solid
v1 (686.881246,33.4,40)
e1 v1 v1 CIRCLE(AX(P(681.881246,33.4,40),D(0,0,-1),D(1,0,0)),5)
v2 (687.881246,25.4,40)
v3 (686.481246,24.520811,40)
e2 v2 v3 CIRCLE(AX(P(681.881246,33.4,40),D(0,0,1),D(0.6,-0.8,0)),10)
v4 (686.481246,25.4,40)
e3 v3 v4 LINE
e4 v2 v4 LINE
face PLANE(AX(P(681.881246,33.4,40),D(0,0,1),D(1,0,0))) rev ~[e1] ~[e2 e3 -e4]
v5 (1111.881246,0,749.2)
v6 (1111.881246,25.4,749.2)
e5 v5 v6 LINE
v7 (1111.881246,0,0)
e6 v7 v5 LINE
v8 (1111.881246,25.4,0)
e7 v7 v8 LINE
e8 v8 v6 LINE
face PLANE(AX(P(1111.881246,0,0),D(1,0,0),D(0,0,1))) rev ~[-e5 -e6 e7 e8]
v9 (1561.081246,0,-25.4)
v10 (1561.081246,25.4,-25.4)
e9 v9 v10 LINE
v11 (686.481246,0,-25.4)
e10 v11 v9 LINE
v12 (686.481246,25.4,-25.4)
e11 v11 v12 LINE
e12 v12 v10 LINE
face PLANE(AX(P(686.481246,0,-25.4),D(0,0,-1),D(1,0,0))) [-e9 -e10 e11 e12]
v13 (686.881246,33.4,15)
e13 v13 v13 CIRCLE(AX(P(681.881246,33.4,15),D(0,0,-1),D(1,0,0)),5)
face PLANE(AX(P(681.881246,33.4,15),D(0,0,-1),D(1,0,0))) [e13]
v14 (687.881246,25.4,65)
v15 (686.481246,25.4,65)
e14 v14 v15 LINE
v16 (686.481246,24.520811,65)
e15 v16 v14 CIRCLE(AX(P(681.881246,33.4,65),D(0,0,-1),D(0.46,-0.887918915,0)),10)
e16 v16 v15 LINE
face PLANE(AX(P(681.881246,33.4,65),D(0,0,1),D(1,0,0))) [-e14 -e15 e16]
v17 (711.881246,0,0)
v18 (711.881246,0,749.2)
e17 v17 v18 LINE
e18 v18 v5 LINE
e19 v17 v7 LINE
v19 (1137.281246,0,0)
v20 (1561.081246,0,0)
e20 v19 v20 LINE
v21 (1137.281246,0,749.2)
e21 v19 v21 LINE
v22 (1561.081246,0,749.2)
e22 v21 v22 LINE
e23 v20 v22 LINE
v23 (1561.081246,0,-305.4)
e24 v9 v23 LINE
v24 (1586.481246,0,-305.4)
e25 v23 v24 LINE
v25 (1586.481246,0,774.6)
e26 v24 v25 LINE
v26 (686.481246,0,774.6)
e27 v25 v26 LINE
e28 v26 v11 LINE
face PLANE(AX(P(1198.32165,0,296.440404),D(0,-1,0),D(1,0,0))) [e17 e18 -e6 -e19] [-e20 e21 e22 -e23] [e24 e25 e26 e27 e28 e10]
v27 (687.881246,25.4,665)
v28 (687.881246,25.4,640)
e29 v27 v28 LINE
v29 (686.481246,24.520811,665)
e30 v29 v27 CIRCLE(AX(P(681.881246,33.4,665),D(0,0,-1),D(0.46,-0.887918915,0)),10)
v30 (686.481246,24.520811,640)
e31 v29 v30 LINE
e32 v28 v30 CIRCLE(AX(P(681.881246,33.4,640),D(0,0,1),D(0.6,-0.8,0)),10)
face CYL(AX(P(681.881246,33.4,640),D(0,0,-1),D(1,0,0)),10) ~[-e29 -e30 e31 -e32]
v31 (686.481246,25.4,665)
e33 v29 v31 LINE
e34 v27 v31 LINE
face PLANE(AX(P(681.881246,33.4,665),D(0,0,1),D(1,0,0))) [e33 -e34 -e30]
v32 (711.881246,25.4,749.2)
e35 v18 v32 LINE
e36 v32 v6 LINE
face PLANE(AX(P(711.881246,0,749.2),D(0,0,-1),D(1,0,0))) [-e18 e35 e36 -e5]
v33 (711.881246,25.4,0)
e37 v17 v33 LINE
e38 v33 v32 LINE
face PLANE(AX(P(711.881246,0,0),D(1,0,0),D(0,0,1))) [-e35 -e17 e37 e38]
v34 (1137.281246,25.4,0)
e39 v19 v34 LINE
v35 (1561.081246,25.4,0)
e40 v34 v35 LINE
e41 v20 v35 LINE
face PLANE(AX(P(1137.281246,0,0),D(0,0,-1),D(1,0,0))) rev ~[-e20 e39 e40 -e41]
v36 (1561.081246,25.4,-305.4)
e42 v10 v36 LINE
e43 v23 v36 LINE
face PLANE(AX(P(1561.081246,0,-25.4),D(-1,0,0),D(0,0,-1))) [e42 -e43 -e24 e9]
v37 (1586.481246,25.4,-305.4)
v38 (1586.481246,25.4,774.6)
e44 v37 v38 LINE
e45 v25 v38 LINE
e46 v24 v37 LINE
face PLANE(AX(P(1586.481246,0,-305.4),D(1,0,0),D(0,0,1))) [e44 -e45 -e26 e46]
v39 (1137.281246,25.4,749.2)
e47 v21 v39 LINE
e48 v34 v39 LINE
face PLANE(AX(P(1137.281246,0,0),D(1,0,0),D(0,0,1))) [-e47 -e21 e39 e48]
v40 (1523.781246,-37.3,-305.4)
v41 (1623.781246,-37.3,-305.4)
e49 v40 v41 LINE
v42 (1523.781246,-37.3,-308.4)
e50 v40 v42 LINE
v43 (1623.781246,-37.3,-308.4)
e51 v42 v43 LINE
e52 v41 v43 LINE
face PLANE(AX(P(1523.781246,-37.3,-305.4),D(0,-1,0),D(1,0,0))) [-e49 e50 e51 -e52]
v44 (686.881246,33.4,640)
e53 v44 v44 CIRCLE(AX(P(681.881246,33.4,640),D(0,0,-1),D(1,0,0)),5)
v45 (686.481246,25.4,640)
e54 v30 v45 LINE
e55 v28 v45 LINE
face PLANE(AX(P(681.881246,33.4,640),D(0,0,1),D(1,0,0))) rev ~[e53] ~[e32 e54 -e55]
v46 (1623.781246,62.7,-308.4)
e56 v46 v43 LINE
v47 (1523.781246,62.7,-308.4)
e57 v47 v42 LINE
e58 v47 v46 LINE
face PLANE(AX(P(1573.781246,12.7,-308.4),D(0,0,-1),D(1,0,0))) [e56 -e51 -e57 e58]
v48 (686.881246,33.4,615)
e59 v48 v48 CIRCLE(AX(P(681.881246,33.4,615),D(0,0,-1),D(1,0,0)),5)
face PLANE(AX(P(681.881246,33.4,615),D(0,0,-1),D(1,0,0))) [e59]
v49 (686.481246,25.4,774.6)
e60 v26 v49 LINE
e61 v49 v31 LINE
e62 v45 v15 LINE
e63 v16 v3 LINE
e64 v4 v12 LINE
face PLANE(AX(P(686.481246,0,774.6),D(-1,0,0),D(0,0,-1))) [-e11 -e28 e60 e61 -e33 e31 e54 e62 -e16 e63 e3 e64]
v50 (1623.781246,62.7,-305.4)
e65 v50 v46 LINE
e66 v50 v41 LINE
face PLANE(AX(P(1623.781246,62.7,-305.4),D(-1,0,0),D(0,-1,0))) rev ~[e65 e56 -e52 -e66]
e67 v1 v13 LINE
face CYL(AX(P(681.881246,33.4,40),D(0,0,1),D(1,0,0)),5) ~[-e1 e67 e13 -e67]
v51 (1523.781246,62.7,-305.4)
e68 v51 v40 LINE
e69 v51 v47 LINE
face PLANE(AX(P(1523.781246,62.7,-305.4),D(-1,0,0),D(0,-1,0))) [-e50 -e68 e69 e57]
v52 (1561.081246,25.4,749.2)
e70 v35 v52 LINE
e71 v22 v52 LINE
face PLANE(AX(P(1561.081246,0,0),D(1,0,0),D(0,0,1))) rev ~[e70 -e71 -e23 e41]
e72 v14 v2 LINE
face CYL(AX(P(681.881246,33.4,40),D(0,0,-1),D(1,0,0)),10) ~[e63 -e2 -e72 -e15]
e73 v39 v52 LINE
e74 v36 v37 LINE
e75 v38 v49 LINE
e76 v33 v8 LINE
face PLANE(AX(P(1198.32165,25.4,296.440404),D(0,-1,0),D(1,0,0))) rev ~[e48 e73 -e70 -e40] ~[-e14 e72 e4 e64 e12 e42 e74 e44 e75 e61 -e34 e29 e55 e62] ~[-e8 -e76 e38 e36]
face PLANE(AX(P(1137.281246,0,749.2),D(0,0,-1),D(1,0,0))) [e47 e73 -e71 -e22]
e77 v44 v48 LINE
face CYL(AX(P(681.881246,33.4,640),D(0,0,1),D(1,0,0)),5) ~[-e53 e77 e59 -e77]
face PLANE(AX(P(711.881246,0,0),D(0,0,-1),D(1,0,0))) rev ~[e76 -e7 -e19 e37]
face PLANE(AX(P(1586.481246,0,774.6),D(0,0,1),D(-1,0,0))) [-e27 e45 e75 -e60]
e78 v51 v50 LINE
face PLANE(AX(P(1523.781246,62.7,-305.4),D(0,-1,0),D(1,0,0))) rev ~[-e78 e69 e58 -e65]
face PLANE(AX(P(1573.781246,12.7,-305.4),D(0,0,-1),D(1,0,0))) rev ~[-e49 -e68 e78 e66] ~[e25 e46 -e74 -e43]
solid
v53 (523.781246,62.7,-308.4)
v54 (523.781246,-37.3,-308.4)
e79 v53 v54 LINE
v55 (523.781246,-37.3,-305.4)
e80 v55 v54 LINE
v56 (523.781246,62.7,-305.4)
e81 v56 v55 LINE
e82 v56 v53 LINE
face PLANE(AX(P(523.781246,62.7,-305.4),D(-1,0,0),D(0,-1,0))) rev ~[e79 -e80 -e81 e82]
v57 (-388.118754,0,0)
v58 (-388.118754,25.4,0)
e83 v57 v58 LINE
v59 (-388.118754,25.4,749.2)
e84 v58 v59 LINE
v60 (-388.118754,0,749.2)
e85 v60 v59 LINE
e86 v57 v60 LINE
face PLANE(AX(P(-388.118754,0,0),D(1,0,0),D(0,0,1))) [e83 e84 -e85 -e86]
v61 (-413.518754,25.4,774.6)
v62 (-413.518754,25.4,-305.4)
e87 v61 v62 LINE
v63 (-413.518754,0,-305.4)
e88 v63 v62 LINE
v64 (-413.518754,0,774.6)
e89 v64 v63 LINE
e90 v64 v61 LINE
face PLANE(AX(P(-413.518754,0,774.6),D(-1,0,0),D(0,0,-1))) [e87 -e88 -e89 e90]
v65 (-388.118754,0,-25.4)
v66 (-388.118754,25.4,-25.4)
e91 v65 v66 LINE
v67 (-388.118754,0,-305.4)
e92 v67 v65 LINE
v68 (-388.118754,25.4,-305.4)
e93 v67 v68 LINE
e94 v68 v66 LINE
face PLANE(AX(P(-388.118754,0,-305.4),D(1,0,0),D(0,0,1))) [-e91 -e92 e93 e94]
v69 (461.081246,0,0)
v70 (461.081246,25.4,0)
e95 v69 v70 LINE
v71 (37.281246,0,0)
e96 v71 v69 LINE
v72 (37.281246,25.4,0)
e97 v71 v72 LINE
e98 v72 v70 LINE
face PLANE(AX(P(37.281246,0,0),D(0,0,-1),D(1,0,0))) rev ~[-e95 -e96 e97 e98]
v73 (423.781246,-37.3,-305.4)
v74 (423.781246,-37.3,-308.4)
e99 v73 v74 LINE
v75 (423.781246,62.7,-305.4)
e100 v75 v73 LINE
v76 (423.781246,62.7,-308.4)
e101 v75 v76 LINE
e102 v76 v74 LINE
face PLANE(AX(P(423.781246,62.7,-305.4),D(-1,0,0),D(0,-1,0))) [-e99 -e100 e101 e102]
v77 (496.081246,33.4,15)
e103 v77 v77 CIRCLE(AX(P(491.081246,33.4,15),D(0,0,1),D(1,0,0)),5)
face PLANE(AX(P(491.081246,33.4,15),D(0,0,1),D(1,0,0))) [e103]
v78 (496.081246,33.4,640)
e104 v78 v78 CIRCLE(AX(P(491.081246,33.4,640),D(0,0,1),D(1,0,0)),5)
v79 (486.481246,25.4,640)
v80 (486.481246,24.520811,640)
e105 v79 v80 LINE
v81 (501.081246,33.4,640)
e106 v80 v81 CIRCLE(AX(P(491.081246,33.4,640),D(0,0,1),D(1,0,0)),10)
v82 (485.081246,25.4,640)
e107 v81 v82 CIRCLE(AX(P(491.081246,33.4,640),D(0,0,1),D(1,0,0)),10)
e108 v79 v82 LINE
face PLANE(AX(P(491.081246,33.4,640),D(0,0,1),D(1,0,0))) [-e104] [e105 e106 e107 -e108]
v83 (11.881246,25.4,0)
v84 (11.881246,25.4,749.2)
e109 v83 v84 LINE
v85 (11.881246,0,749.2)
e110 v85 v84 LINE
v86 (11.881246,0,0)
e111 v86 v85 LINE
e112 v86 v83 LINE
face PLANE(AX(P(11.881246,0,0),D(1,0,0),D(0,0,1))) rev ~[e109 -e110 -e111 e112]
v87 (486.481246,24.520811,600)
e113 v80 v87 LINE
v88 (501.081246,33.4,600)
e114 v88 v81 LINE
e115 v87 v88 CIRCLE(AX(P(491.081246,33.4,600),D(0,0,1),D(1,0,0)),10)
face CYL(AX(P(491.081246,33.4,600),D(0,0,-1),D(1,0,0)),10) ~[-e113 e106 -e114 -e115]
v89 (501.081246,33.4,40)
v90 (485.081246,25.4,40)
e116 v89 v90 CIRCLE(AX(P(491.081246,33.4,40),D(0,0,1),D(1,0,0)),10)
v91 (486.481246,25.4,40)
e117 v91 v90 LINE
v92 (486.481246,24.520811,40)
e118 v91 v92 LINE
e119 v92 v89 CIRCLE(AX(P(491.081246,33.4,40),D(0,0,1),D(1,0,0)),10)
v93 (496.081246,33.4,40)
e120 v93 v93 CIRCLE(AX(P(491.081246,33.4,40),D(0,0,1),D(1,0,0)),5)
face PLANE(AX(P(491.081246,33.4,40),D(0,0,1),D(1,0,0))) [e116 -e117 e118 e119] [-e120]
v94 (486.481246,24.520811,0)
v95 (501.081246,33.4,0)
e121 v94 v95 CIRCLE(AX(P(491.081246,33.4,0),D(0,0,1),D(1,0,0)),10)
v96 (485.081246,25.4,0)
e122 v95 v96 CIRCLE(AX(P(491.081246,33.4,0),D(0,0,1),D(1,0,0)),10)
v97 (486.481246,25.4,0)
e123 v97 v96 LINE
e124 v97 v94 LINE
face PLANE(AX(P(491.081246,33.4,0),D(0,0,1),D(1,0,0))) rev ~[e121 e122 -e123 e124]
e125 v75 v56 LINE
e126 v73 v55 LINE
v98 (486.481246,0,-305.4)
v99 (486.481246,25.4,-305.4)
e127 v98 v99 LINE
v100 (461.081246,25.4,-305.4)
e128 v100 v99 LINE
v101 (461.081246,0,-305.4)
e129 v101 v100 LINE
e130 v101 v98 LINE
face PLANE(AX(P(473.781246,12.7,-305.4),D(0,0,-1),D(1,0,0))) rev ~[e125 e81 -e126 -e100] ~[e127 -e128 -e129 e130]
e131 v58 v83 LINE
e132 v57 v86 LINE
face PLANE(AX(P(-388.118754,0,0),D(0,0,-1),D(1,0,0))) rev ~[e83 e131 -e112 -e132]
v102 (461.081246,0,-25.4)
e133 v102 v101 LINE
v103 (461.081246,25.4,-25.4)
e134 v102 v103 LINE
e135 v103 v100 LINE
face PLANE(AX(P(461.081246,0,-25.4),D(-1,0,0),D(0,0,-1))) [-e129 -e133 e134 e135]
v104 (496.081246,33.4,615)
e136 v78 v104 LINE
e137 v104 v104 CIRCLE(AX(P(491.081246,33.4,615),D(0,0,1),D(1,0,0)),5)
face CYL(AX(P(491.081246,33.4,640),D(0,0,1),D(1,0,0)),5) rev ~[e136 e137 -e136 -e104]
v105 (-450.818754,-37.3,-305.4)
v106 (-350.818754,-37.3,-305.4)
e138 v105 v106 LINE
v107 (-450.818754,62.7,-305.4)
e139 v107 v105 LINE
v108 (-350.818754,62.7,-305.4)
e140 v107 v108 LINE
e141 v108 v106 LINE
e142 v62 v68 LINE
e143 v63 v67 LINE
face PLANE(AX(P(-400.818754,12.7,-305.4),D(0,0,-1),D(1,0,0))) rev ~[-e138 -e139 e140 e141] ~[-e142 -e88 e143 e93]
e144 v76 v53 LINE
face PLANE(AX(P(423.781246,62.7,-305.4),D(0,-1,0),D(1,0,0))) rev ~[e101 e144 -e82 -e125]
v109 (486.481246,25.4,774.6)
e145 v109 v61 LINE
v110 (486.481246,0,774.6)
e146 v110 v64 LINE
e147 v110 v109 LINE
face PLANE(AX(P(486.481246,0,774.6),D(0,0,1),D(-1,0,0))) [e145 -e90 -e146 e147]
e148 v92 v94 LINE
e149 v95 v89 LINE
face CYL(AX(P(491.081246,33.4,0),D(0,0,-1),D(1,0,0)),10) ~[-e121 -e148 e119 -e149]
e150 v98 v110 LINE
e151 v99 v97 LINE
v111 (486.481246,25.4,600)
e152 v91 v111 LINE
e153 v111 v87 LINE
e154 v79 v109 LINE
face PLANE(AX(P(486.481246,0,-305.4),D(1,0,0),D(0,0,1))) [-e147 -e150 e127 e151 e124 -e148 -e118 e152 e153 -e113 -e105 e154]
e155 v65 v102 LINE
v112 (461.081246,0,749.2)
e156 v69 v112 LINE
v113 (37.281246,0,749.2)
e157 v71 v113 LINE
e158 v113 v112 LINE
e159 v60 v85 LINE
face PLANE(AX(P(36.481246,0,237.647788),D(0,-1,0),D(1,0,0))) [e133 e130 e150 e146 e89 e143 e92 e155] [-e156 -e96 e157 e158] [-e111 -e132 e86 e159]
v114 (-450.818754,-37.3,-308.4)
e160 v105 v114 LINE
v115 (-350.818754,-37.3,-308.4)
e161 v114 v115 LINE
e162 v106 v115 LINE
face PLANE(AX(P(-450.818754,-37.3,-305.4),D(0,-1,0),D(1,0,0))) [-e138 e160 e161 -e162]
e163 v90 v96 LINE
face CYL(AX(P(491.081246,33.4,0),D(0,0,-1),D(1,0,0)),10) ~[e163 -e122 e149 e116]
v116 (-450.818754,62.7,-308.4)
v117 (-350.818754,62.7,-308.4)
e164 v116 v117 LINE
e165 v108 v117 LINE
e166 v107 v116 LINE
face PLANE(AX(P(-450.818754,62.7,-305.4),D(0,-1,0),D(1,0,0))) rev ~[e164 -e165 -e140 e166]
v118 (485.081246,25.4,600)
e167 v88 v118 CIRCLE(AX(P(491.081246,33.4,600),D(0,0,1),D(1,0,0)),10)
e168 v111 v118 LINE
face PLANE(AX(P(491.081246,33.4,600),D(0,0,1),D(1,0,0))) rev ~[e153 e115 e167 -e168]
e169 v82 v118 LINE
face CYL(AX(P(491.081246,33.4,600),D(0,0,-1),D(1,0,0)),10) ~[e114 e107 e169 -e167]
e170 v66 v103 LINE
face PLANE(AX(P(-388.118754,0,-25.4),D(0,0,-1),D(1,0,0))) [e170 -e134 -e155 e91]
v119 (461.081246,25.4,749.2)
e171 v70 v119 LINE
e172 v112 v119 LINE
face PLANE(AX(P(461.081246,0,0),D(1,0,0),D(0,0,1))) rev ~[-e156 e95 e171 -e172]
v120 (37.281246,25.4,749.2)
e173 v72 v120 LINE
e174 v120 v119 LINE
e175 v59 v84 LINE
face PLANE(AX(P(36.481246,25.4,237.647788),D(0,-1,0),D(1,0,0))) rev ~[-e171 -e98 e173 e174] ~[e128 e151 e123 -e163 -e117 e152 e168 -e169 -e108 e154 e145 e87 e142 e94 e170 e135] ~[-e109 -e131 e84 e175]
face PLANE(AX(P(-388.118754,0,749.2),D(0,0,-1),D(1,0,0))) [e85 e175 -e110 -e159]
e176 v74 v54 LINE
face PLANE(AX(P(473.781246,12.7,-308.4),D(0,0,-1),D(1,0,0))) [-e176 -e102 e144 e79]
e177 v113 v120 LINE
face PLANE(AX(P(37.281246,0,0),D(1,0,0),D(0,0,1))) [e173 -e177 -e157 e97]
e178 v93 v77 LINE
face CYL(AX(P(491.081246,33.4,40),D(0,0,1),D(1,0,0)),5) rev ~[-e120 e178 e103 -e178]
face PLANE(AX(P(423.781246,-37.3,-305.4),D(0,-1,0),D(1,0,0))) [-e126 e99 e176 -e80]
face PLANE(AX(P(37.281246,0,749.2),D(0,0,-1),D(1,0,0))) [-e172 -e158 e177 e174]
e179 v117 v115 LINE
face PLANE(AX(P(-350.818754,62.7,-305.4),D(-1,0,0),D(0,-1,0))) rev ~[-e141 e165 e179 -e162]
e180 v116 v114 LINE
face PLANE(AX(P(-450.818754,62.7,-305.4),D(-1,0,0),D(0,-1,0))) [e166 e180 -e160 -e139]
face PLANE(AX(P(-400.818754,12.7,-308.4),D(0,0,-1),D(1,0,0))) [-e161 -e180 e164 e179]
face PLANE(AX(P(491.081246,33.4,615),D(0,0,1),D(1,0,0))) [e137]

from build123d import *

# Parameters (mm, degrees)
F0_W      = 400
F0_H      = 749.2
F0_W_2    = 423.8
F1_DEPTH  = 25.4
F2_W      = 100
F2_H      = 100
F3_DEPTH  = 3
F4_W      = 100
F4_H      = 100
F5_DEPTH  = 3
F6_R      = 10
F7_DEPTH  = 40
F8_R      = 5
F9_DEPTH  = 25
F11_R     = 10
F12_DEPTH = 40
F13_R     = 5
F14_DEPTH = 25
F17_R     = 10
F18_DEPTH = 25
F19_R     = 5
F20_DEPTH = 25
F21_R     = 10
F22_DEPTH = 25
F23_R     = 5
F24_DEPTH = 25


with BuildPart() as f1:
    # F0 (on Front) → F1 (new body)
    with BuildSketch(Plane.XZ):
        Polygon((486.4812463522, 774.6), (-413.5187536478, 774.6), (-413.5187536478, -305.4), (-388.1187536478, -305.4), (-388.1187536478, -25.4), (461.0812463522, -25.4), (461.0812463522, -305.4), (486.4812463522, -305.4), align=None)
        with Locations((-188.1187536478, 374.6)):
            Rectangle(F0_W, F0_H, mode=Mode.SUBTRACT)
        with Locations((249.1812463522, 374.6)):
            Rectangle(F0_W_2, F0_H, mode=Mode.SUBTRACT)
    extrude(amount=-F1_DEPTH)

    # F2 (on face) → F3 (join)
    with BuildSketch(Plane(origin=(0, 0, -305.4), x_dir=(1, 0, 0), z_dir=(0, 0, -1))):
        with Locations((-400.8187536478, -12.7)):
            Rectangle(F2_W, F2_H)
        with Locations((473.7812463522, -12.7)):
            Rectangle(F2_W, F2_H)
    extrude(amount=F3_DEPTH)

    # F6 (on face) → F7 (join)
    with BuildSketch(Plane.XY):
        with Locations((491.0812463522, 33.4)):
            Circle(F6_R)
    extrude(amount=F7_DEPTH)

    # F8 (on face) → F9 (cut)
    with BuildSketch(Plane.XY.offset(40)):
        with Locations((491.0812463522, 33.4)):
            Circle(F8_R)
    extrude(amount=-F9_DEPTH, mode=Mode.SUBTRACT)

    # F11 (on offset) → F12 (join)
    with BuildSketch(Plane.XY.offset(600)):
        with Locations((491.0812463522, 33.4)):
            Circle(F11_R)
    extrude(amount=F12_DEPTH)

    # F13 (on face) → F14 (cut)
    with BuildSketch(Plane.XY.offset(640)):
        with Locations((491.0812463522, 33.4)):
            Circle(F13_R)
    extrude(amount=-F14_DEPTH, mode=Mode.SUBTRACT)


with BuildPart() as f1b:
    # F0 (on Front) → F1, piece 2 (new body)
    with BuildSketch(Plane.XZ):
        Polygon((1586.4812463522, 774.6), (686.4812463522, 774.6), (686.4812463522, -25.4), (711.8812463522, -25.4), (1561.0812463522, -25.4), (1561.0812463522, -305.4), (1586.4812463522, -305.4), align=None)
        with Locations((911.8812463522, 374.6)):
            Rectangle(F0_W, F0_H, mode=Mode.SUBTRACT)
        with Locations((1349.1812463522, 374.6)):
            Rectangle(F0_W_2, F0_H, mode=Mode.SUBTRACT)
    extrude(amount=-F1_DEPTH)

    # F4 (on face) → F5 (join)
    with BuildSketch(Plane(origin=(0, 0, -305.4), x_dir=(1, 0, 0), z_dir=(0, 0, -1))):
        with Locations((1573.7812463522, -12.7)):
            Rectangle(F4_W, F4_H)
    extrude(amount=F5_DEPTH)

    # F17 (on offset) → F18 (join)
    with BuildSketch(Plane.XY.offset(40)):
        with Locations((681.8812463522, 33.4)):
            Circle(F17_R)
    extrude(amount=F18_DEPTH)

    # F19 (on face) → F20 (join)
    with BuildSketch(Plane(origin=(0, 0, 40), x_dir=(1, 0, 0), z_dir=(0, 0, -1))):
        with Locations((681.8812463522, -33.4)):
            Circle(F19_R)
    extrude(amount=F20_DEPTH)

    # F21 (on offset) → F22 (join)
    with BuildSketch(Plane.XY.offset(640)):
        with Locations((681.8812463522, 33.4)):
            Circle(F21_R)
    extrude(amount=F22_DEPTH)

    # F23 (on face) → F24 (join)
    with BuildSketch(Plane(origin=(0, 0, 640), x_dir=(1, 0, 0), z_dir=(0, 0, -1))):
        with Locations((681.8812463522, -33.4)):
            Circle(F23_R)
    extrude(amount=F24_DEPTH)


solid = Compound([f1.part, f1b.part])
